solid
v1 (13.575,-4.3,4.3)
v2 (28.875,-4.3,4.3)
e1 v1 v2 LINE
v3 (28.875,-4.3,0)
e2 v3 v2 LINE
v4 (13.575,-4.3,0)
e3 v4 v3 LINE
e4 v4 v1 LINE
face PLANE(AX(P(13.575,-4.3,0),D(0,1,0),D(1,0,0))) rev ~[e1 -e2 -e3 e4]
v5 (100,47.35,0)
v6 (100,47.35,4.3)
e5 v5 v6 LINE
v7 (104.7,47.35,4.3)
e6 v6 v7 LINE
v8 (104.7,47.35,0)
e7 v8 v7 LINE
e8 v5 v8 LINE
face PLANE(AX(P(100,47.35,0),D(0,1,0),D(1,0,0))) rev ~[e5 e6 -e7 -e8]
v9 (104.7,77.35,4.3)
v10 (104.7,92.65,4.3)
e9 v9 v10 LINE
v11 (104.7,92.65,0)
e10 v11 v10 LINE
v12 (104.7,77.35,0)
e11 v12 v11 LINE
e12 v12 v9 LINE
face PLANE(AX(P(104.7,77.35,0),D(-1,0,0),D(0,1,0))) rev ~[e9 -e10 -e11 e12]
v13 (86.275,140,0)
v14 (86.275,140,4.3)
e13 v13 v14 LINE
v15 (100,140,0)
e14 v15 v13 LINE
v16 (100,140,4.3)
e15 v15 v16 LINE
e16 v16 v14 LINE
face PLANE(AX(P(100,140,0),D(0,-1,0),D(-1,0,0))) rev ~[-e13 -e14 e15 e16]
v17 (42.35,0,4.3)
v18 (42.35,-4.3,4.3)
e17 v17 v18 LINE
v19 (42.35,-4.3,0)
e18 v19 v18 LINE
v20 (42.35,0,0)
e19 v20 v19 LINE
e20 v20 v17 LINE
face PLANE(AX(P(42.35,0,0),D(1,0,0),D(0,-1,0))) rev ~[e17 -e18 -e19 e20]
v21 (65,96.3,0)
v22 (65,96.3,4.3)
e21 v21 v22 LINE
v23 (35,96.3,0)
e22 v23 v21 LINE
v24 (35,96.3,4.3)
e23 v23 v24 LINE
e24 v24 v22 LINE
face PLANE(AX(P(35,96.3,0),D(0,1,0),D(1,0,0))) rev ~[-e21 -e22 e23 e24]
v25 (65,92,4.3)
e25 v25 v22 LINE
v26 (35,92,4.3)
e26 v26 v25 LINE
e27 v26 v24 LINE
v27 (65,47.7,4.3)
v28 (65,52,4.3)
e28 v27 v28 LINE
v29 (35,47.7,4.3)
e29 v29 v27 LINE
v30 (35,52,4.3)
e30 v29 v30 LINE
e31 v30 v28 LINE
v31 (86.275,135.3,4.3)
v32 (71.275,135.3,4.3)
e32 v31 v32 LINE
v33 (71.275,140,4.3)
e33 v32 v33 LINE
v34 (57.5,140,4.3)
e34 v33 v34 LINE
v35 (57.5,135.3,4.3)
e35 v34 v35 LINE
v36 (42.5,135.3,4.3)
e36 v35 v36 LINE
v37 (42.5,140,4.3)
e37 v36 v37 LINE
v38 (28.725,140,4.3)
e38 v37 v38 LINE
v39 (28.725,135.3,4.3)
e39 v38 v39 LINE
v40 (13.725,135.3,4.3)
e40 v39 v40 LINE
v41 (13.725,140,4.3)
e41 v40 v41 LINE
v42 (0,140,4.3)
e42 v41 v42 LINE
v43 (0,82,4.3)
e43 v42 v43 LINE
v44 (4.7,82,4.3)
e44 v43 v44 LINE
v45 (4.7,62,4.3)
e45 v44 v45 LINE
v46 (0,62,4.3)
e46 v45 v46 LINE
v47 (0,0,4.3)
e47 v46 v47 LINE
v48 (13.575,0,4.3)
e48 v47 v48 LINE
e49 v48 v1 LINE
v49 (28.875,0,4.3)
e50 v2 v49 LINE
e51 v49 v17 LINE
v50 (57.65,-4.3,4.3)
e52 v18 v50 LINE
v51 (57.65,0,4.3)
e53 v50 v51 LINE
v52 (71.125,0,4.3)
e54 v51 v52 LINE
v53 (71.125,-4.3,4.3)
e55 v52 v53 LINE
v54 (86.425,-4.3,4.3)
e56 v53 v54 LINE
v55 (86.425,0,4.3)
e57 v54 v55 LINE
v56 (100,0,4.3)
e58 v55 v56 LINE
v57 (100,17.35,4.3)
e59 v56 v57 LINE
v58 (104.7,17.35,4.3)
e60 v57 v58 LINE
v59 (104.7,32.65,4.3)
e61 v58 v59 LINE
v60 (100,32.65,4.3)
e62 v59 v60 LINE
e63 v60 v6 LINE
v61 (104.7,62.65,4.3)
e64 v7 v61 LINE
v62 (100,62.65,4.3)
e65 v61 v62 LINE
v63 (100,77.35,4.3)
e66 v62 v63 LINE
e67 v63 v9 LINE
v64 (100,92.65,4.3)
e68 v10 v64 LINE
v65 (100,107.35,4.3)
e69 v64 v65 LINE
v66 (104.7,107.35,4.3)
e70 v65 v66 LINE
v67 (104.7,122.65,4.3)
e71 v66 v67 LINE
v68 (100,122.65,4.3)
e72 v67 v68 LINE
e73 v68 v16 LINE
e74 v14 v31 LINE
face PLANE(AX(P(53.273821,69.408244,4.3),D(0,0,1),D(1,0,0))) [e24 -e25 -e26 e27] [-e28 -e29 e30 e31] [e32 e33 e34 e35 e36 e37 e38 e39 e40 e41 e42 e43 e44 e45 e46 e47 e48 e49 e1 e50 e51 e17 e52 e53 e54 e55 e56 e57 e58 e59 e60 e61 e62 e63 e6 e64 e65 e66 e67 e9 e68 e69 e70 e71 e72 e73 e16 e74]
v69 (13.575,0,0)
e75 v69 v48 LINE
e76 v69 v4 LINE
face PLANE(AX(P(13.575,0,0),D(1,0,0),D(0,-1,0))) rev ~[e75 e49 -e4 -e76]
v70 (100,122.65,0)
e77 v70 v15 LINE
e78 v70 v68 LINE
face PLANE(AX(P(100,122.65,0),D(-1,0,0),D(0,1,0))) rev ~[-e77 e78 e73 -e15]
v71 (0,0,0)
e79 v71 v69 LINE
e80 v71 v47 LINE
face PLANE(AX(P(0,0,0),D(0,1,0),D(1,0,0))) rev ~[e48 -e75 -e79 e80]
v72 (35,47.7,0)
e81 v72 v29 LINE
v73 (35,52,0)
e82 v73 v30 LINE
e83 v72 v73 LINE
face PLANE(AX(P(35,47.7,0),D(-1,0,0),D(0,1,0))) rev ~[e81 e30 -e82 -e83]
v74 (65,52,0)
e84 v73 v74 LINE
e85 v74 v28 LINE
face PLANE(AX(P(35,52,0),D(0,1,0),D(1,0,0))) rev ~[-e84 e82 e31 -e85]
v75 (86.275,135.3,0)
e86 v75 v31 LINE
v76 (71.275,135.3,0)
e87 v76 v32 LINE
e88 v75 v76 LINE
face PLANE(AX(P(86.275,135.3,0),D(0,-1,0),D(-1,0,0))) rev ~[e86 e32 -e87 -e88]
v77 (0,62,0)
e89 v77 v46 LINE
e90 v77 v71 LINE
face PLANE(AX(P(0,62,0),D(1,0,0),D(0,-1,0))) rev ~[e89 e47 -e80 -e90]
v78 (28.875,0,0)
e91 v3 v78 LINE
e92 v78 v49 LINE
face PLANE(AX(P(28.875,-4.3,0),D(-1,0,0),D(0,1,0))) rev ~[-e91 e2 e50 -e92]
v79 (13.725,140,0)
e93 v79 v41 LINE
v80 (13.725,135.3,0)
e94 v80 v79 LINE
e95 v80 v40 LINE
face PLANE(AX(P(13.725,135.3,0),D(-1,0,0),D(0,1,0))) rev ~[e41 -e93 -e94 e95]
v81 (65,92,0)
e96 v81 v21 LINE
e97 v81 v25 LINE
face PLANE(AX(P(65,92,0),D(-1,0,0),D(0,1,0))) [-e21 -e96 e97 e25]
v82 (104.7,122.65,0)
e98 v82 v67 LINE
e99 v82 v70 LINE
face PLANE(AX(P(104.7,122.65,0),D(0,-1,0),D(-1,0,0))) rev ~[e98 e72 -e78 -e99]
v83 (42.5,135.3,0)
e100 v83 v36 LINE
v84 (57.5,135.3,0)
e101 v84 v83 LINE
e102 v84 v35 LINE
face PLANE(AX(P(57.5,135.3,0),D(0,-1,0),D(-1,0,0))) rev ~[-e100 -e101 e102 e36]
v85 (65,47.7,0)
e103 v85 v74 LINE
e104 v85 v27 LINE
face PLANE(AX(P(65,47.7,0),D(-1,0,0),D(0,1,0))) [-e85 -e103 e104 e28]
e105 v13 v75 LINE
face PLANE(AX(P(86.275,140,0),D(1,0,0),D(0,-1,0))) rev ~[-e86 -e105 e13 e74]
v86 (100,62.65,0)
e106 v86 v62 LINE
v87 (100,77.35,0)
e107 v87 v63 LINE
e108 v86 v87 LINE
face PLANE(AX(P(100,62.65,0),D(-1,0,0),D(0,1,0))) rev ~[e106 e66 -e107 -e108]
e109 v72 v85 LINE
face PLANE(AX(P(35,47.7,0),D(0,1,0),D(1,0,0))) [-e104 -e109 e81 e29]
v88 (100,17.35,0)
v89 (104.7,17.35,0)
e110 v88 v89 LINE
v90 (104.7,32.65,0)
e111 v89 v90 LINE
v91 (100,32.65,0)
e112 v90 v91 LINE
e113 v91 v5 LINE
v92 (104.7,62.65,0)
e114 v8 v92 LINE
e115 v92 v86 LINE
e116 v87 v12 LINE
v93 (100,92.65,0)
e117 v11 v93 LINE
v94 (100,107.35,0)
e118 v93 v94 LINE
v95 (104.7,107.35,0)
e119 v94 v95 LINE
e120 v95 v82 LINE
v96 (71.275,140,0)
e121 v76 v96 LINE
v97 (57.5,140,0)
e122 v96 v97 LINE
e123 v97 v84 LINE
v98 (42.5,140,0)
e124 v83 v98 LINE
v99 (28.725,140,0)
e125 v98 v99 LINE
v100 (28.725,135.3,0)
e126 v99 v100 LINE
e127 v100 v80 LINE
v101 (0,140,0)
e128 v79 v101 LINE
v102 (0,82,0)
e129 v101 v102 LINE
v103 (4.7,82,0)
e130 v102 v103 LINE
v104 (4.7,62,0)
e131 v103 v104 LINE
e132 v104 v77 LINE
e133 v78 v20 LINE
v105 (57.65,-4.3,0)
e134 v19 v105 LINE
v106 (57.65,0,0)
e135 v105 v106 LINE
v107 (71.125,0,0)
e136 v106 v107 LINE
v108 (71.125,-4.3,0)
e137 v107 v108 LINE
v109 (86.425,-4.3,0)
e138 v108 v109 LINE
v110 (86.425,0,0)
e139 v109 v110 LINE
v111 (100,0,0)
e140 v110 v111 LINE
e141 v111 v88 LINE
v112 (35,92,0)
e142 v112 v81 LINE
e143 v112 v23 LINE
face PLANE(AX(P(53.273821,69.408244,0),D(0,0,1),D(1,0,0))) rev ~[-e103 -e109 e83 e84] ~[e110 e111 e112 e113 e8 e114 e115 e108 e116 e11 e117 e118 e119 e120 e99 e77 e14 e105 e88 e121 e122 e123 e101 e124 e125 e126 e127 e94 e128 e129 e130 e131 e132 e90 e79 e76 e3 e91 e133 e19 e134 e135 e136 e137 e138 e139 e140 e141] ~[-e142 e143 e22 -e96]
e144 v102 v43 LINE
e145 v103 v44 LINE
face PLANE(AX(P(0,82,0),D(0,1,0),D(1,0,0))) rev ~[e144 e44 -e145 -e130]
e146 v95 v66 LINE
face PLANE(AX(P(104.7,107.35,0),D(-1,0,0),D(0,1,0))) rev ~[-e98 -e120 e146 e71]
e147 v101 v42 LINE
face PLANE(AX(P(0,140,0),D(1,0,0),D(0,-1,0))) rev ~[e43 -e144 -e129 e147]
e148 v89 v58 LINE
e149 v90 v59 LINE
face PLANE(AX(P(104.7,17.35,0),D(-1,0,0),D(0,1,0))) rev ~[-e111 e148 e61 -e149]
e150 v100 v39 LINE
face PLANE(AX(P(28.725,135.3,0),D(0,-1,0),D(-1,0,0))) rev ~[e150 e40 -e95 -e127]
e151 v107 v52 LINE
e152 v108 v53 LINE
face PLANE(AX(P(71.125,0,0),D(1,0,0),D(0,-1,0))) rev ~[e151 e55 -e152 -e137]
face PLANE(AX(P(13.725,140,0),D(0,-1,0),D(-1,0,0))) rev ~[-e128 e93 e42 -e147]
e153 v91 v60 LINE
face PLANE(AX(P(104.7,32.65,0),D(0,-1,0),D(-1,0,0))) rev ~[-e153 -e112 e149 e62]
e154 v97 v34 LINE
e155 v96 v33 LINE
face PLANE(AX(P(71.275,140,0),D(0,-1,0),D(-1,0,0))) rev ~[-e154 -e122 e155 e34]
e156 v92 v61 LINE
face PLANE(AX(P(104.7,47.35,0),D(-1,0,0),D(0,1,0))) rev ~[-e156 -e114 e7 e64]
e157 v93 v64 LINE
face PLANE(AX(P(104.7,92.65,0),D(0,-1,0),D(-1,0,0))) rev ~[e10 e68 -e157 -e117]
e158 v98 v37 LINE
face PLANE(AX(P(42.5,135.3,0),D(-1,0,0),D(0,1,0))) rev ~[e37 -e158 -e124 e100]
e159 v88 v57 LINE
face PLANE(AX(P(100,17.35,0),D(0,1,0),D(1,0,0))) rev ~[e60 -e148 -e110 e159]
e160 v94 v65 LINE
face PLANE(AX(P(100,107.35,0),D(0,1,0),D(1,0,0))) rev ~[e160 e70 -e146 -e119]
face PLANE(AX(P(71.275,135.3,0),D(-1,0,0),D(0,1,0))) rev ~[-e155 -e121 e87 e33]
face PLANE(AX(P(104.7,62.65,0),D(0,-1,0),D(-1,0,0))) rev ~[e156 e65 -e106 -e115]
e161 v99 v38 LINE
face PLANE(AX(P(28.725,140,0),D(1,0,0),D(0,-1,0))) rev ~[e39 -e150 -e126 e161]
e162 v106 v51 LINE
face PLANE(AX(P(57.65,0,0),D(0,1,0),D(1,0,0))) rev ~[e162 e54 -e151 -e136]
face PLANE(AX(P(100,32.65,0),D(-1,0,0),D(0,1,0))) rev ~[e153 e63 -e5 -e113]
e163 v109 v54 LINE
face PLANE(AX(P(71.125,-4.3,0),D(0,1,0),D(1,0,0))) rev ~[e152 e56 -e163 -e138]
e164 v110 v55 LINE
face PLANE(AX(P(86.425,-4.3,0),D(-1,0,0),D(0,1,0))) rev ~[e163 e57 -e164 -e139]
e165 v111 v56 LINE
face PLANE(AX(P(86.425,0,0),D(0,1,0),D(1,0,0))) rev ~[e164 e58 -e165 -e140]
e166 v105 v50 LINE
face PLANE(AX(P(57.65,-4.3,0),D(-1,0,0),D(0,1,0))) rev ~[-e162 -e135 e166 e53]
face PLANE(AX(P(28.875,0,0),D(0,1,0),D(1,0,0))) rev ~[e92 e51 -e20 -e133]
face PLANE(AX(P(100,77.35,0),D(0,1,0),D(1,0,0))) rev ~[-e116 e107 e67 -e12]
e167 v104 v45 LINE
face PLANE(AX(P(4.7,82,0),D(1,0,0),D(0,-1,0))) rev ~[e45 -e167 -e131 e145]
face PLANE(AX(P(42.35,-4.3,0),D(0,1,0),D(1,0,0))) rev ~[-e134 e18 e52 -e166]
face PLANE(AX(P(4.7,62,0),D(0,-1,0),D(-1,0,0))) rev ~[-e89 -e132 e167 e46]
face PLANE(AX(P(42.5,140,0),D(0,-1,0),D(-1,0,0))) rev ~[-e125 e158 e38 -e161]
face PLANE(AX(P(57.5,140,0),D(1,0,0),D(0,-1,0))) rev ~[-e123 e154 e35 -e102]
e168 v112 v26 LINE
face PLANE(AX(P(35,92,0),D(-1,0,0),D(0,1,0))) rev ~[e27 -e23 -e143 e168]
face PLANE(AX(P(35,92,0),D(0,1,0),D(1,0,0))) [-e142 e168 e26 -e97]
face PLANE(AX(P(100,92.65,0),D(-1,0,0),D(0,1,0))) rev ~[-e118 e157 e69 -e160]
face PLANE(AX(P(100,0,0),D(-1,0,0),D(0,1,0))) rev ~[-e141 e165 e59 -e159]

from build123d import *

# Parameters (mm, degrees)
SKETCH2_W           = 30
SKETCH2_H           = 4.3
BOSS_EXTRUDE1_DEPTH = 4.3


with BuildPart() as part:
    # Sketch2 → Boss-Extrude1 (new body)
    with BuildSketch(Plane.XY):
        Polygon((100, 0), (100, 17.35), (104.7, 17.35), (104.7, 32.65), (100, 32.65), (100, 47.35), (104.7, 47.35), (104.7, 62.65), (100, 62.65), (100, 77.35), (104.7, 77.35), (104.7, 92.65), (100, 92.65), (100, 107.35), (104.7, 107.35), (104.7, 122.65), (100, 122.65), (100, 140), (86.275, 140), (86.275, 135.3), (71.275, 135.3), (71.275, 140), (57.5, 140), (57.5, 135.3), (42.5, 135.3), (42.5, 140), (28.725, 140), (28.725, 135.3), (13.725, 135.3), (13.725, 140), (0, 140), (0, 82), (4.7, 82), (4.7, 62), (0, 62), (0, 0), (13.575, 0), (13.575, -4.3), (28.875, -4.3), (28.875, 0), (42.35, 0), (42.35, -4.3), (57.65, -4.3), (57.65, 0), (71.125, 0), (71.125, -4.3), (86.425, -4.3), (86.425, 0), align=None)
        with Locations((50, 49.85)):
            Rectangle(SKETCH2_W, SKETCH2_H, mode=Mode.SUBTRACT)
        with Locations((50, 94.15)):
            Rectangle(SKETCH2_W, SKETCH2_H, mode=Mode.SUBTRACT)
    extrude(amount=BOSS_EXTRUDE1_DEPTH)


solid = part.part
